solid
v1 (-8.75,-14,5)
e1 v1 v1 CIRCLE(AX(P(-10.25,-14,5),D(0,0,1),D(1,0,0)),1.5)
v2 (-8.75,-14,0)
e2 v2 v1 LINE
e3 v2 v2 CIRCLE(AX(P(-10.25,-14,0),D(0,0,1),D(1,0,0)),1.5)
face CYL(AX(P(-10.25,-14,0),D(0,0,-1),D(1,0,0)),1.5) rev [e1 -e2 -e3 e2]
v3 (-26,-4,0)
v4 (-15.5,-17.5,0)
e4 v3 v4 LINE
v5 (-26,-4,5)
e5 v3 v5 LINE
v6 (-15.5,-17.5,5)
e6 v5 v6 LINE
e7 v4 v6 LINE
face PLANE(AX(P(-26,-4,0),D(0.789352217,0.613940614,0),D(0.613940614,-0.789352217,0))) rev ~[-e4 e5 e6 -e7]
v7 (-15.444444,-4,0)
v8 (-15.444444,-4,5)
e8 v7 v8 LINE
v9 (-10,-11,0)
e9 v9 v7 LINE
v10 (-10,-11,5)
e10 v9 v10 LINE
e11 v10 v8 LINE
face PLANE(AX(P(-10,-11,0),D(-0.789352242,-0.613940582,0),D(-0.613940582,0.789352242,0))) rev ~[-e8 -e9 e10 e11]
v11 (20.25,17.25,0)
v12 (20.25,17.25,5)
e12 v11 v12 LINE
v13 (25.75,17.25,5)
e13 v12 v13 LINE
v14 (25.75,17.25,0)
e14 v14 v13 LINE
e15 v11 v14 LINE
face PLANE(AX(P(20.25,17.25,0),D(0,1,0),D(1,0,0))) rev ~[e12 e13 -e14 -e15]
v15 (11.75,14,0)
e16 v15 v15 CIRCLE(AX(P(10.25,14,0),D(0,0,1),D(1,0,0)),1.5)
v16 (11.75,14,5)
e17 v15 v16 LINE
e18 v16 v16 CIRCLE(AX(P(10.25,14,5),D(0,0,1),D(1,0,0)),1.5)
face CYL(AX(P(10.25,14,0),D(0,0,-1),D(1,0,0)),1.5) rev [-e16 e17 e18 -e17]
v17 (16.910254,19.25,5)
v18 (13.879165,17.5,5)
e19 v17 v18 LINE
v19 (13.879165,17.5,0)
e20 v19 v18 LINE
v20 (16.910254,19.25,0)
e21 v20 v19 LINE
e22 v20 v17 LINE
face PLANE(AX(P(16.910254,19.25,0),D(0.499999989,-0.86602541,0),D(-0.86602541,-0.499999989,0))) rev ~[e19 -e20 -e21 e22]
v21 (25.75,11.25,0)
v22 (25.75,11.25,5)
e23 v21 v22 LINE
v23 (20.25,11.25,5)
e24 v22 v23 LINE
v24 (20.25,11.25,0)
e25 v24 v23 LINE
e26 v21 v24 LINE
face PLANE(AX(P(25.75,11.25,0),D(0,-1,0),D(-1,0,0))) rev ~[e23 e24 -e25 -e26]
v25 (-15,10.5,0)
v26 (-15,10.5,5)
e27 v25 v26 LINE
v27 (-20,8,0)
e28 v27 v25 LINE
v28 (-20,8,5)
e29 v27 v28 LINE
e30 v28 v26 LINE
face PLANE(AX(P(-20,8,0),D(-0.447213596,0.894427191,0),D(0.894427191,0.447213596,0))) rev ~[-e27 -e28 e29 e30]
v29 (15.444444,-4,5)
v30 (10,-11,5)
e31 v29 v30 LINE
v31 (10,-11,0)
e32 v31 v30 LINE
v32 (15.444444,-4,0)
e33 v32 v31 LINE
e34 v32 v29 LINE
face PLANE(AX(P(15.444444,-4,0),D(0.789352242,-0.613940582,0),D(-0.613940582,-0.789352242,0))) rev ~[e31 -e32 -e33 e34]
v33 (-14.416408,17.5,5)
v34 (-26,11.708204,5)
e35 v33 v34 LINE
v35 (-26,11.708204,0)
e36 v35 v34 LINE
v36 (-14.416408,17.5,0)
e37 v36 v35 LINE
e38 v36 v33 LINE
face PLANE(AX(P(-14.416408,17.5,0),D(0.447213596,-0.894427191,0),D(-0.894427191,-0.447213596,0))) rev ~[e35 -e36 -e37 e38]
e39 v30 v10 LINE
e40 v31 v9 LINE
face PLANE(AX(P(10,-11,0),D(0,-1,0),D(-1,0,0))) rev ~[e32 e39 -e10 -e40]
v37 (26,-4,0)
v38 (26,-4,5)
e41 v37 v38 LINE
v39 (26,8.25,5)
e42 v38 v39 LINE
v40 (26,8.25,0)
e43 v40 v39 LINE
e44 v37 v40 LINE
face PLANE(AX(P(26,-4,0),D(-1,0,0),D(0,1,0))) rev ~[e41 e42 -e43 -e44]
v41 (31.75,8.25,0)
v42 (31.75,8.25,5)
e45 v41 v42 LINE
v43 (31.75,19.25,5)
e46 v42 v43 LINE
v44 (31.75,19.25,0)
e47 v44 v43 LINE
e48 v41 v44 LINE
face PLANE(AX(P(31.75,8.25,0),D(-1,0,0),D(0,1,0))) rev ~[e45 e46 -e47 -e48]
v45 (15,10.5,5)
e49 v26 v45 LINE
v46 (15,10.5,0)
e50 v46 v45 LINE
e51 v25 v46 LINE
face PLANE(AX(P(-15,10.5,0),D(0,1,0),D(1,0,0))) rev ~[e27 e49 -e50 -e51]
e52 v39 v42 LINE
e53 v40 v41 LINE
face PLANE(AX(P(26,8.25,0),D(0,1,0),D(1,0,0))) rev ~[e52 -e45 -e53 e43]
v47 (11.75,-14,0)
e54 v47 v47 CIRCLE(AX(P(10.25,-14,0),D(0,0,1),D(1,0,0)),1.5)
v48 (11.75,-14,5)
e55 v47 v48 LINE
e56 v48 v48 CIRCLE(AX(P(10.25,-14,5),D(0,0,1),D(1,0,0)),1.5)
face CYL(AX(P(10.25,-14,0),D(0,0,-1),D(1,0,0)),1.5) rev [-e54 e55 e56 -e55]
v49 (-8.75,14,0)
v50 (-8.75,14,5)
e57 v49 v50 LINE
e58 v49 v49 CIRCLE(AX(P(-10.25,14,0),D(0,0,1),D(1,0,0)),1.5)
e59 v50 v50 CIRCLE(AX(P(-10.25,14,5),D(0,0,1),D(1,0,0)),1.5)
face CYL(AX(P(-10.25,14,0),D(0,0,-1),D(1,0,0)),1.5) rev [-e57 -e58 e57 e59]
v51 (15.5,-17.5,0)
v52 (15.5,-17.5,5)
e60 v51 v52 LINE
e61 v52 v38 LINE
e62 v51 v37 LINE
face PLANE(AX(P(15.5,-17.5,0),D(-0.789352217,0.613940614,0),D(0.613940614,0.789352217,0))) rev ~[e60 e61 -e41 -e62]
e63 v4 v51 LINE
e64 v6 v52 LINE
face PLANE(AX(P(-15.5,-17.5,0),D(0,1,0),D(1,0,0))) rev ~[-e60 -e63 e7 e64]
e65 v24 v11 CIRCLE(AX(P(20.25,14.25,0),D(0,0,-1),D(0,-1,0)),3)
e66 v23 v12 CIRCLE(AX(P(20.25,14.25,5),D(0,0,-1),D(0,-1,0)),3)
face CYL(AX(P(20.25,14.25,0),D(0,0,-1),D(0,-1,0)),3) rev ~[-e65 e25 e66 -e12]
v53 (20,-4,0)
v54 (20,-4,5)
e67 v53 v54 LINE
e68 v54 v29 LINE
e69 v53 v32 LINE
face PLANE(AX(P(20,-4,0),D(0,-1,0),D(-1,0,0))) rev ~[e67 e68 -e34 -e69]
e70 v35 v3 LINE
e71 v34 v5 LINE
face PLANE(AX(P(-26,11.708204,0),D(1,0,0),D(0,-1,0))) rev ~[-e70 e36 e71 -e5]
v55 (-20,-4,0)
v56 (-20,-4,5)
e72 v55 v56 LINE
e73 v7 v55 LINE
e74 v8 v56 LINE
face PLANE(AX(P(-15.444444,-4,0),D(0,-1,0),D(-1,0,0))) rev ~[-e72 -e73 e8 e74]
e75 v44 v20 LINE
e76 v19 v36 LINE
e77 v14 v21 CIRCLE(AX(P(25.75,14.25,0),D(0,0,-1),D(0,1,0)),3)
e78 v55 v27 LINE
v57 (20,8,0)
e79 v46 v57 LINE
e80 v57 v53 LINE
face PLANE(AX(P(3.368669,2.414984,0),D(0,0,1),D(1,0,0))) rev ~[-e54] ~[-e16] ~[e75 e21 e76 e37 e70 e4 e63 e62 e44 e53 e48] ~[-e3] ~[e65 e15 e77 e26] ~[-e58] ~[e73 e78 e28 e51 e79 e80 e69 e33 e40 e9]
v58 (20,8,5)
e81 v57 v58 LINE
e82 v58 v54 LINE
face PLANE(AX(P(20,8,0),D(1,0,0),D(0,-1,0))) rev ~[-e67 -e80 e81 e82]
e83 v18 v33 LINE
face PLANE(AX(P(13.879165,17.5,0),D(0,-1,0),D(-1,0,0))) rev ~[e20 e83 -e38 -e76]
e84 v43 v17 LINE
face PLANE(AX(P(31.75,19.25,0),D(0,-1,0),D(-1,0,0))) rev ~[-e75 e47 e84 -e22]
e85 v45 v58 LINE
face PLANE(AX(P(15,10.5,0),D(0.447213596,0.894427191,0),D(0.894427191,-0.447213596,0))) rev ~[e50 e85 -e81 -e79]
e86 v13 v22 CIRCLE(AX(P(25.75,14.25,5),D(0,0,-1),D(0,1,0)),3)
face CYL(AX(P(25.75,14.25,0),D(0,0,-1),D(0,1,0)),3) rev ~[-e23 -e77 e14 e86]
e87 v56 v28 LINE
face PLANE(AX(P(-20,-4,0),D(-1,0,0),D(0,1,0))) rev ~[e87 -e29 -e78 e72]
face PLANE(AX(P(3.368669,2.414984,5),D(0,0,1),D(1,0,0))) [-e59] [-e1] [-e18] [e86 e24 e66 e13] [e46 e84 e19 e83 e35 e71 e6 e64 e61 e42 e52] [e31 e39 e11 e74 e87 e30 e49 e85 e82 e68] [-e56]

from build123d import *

# Parameters (mm, degrees)
F0_R     = 1.5
F1_DEPTH = 5


with BuildPart() as f1:
    # F0 (on Top) → F1 (new body)
    with BuildSketch(Plane.XY):
        Polygon((-26, -4), (-15.5, -17.5), (15.5, -17.5), (26, -4), (26, 8.25), (31.75, 8.25), (31.75, 19.25), (16.910254, 19.25), (13.879165, 17.5), (-14.416408, 17.5), (-26, 11.708204), align=None)
        with Locations((-10.25, -14)):
            Circle(F0_R, mode=Mode.SUBTRACT)
        Polygon((-20, -4), (-20, 8), (-15, 10.5), (15, 10.5), (20, 8), (20, -4), (15.444444, -4), (10, -11), (-10, -11), (-15.444444, -4), align=None, mode=Mode.SUBTRACT)
        with Locations((10.25, -14)):
            Circle(F0_R, mode=Mode.SUBTRACT)
        with Locations((-10.25, 14)):
            Circle(F0_R, mode=Mode.SUBTRACT)
        with Locations((10.25, 14)):
            Circle(F0_R, mode=Mode.SUBTRACT)
        with BuildLine():
            ThreePointArc((20.25, 11.25), (17.25, 14.25), (20.25, 17.25))
            Line((20.25, 17.25), (25.75, 17.25))
            ThreePointArc((25.75, 17.25), (28.75, 14.25), (25.75, 11.25))
            Line((25.75, 11.25), (20.25, 11.25))
        make_face(mode=Mode.SUBTRACT)
    extrude(amount=F1_DEPTH)


solid = f1.part
